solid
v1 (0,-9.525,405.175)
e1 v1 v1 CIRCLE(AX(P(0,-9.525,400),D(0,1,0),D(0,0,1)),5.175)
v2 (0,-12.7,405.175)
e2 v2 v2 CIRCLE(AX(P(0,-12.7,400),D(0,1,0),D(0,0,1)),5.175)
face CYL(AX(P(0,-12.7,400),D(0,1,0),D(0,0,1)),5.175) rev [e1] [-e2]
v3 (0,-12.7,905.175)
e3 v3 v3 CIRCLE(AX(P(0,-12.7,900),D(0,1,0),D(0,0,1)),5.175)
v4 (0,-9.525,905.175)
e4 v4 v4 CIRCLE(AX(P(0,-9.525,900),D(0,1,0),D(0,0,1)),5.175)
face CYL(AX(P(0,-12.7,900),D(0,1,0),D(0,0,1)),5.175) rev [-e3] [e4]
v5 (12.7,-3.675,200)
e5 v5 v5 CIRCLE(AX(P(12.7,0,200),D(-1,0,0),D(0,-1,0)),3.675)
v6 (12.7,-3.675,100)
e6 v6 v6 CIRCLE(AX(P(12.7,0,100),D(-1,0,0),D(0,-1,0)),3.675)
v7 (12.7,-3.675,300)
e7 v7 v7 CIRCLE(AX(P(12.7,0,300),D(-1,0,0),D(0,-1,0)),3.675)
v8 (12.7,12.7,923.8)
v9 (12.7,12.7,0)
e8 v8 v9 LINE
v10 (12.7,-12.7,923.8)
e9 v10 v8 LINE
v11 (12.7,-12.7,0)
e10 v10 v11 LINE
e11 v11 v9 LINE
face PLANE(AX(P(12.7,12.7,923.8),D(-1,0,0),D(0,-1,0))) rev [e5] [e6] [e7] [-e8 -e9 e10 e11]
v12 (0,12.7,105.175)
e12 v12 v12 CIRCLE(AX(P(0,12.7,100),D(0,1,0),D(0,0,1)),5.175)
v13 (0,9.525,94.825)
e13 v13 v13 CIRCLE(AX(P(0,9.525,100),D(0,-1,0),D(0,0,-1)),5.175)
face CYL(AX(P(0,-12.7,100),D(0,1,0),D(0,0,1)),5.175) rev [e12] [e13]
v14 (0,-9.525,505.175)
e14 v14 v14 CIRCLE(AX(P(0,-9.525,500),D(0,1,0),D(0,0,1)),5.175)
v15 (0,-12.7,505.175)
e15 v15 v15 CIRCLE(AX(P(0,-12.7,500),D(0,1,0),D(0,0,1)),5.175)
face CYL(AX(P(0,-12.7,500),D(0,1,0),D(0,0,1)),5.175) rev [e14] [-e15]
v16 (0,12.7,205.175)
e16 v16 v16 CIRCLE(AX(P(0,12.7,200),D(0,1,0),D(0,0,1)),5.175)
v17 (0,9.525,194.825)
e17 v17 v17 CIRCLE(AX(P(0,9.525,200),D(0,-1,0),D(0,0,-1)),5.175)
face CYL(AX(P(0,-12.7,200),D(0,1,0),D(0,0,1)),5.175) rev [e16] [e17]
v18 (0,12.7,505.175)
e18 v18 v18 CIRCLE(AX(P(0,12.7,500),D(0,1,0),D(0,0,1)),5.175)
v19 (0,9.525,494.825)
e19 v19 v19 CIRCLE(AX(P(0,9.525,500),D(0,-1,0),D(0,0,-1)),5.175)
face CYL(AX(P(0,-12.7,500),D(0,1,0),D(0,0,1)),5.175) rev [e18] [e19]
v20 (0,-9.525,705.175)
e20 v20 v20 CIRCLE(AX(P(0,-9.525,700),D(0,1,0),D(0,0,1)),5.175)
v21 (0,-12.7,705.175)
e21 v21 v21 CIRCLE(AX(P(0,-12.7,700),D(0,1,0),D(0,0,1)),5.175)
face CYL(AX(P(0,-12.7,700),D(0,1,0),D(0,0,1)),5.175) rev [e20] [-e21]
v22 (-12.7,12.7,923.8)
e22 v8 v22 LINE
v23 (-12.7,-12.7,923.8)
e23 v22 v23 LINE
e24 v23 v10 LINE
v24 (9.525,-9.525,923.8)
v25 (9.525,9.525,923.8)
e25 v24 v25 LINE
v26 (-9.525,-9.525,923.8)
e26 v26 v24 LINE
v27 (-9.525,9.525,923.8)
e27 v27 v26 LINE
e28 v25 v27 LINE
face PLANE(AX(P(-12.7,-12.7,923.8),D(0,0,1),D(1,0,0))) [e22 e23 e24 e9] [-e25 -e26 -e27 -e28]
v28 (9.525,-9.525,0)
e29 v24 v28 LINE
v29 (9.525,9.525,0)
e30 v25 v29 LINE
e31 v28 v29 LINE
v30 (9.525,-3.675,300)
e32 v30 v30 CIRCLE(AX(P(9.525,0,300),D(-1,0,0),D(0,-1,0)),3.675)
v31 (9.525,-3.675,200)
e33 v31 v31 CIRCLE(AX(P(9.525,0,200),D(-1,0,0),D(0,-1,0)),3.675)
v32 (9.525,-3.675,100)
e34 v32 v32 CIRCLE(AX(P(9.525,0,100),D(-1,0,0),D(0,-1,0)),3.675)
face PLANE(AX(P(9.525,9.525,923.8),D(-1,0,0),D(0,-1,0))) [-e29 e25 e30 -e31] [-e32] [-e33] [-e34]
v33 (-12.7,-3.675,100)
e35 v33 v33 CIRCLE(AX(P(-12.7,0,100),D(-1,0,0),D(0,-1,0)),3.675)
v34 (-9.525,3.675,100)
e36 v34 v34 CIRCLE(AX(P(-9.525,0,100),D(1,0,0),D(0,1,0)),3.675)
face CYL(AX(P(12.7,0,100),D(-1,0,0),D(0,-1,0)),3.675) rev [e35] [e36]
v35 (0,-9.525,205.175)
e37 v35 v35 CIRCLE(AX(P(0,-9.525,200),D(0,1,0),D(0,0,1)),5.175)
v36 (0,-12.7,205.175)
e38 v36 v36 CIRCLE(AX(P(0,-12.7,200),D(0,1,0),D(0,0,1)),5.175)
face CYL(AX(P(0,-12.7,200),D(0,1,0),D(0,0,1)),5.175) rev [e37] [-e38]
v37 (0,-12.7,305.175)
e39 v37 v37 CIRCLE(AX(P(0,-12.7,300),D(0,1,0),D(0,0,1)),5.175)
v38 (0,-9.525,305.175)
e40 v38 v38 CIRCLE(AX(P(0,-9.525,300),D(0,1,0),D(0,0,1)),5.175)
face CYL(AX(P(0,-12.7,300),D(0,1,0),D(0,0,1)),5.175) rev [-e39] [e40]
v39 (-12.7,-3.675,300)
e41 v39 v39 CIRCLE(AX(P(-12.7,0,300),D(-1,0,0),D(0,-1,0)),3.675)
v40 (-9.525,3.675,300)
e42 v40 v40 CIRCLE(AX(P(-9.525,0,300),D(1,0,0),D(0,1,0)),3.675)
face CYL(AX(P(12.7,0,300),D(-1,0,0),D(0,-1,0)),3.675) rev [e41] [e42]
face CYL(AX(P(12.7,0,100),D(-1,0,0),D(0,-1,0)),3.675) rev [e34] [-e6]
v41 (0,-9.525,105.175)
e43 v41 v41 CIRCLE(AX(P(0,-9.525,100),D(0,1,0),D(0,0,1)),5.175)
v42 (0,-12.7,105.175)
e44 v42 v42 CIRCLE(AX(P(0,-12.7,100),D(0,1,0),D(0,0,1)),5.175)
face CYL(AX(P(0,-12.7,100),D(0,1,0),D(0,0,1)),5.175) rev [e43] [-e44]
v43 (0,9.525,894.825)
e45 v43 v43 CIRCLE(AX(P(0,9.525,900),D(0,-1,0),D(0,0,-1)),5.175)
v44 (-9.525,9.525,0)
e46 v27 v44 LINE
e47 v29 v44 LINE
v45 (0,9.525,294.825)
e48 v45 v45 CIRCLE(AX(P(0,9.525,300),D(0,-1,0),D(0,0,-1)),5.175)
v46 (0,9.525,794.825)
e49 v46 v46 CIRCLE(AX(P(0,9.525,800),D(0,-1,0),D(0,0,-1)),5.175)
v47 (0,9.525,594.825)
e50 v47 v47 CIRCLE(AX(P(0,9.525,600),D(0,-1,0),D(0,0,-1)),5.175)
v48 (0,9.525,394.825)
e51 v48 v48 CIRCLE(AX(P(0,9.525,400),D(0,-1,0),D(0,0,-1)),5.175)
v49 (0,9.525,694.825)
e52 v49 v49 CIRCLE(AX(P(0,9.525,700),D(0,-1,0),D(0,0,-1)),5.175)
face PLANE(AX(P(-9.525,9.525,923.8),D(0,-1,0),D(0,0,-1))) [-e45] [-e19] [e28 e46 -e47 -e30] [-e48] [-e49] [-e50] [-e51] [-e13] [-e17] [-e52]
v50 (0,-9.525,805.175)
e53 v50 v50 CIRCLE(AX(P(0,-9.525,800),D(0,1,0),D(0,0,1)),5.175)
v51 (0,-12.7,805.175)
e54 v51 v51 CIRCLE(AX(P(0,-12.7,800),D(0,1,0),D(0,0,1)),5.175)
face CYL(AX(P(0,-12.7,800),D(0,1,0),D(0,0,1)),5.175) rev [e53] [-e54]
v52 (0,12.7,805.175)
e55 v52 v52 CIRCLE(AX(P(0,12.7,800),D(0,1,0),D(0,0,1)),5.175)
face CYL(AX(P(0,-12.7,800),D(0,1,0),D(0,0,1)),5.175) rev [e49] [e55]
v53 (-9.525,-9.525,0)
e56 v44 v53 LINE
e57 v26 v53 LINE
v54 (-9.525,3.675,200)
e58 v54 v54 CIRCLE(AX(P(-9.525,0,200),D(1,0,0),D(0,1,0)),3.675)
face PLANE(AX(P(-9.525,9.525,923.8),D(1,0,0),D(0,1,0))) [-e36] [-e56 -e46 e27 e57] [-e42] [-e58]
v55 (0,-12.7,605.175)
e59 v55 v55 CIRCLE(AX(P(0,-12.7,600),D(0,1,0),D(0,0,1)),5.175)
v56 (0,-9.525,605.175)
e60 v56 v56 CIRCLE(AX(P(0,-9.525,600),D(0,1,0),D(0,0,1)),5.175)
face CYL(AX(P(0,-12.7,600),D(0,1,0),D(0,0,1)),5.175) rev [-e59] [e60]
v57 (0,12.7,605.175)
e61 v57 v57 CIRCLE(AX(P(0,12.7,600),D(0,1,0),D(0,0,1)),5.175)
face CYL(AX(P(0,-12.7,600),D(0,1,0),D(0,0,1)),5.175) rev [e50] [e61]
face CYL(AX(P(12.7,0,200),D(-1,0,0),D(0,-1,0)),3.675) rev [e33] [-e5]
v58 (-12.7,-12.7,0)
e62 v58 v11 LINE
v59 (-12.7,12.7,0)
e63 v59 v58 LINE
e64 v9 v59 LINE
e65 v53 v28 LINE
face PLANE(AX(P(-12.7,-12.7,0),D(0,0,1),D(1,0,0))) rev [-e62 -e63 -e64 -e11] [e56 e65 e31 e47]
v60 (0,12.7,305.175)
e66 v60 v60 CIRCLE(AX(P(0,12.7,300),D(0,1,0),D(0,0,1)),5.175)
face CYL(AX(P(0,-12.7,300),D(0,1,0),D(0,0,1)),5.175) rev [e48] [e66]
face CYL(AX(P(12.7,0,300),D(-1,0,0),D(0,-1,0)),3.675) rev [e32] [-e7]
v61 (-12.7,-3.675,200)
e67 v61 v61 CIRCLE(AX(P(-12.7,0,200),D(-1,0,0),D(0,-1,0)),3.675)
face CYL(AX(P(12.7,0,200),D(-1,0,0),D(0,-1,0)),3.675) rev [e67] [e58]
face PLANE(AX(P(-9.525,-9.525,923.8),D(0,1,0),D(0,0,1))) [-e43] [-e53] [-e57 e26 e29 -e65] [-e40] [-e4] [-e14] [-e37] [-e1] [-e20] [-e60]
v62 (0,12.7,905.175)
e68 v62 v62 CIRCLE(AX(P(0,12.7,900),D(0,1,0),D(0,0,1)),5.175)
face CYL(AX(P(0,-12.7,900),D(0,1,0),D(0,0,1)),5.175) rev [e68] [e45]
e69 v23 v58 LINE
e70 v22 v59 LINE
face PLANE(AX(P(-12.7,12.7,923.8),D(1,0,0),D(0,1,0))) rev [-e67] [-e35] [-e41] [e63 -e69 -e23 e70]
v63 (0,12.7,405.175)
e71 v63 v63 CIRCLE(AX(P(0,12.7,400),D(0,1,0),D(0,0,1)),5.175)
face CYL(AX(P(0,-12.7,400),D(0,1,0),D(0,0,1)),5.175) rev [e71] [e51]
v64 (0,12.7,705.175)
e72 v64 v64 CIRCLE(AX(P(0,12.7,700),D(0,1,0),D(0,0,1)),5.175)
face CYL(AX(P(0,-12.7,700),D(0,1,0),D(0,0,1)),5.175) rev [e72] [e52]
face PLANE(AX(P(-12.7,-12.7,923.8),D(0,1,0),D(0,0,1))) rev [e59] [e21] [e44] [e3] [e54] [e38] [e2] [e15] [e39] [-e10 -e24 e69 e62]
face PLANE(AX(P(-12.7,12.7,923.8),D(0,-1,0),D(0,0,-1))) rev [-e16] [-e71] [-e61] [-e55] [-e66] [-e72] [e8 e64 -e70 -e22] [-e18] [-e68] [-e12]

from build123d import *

# Parameters (mm, degrees)
SKETCH1_W           = 25.4
SKETCH1_H           = 25.4
SKETCH1_W_2         = 19.05
SKETCH1_H_2         = 19.05
BOSS_EXTRUDE1_DEPTH = 923.8
SKETCH2_R           = 5.175
CUT_EXTRUDE1_DEPTH  = 26.4
SKETCH3_R           = 3.675
CUT_EXTRUDE2_DEPTH  = 26.4


with BuildPart() as part:
    # Sketch1 → Boss-Extrude1 (new body)
    with BuildSketch(Plane.XY):
        Rectangle(SKETCH1_W, SKETCH1_H)
        Rectangle(SKETCH1_W_2, SKETCH1_H_2, mode=Mode.SUBTRACT)
    extrude(amount=BOSS_EXTRUDE1_DEPTH)

    # Sketch2 → Cut-Extrude1 (cut, through all)
    with BuildSketch(Plane(origin=(0, 12.7, 0), x_dir=(1, 0, 0), z_dir=(0, 1, 0))):
        with Locations((0, -100)):
            Circle(SKETCH2_R)
        with Locations((0, -200)):
            Circle(SKETCH2_R)
        with Locations((0, -300)):
            Circle(SKETCH2_R)
        with Locations((0, -400)):
            Circle(SKETCH2_R)
        with Locations((0, -500)):
            Circle(SKETCH2_R)
        with Locations((0, -600)):
            Circle(SKETCH2_R)
        with Locations((0, -700)):
            Circle(SKETCH2_R)
        with Locations((0, -800)):
            Circle(SKETCH2_R)
        with Locations((0, -900)):
            Circle(SKETCH2_R)
    extrude(amount=-CUT_EXTRUDE1_DEPTH, mode=Mode.SUBTRACT)

    # Sketch3 → Cut-Extrude2 (cut, through all)
    with BuildSketch(Plane.ZY.offset(12.7)):
        with Locations((100, 0)):
            Circle(SKETCH3_R)
        with Locations((200, 0)):
            Circle(SKETCH3_R)
        with Locations((300, 0)):
            Circle(SKETCH3_R)
    extrude(amount=-CUT_EXTRUDE2_DEPTH, mode=Mode.SUBTRACT)


solid = part.part
